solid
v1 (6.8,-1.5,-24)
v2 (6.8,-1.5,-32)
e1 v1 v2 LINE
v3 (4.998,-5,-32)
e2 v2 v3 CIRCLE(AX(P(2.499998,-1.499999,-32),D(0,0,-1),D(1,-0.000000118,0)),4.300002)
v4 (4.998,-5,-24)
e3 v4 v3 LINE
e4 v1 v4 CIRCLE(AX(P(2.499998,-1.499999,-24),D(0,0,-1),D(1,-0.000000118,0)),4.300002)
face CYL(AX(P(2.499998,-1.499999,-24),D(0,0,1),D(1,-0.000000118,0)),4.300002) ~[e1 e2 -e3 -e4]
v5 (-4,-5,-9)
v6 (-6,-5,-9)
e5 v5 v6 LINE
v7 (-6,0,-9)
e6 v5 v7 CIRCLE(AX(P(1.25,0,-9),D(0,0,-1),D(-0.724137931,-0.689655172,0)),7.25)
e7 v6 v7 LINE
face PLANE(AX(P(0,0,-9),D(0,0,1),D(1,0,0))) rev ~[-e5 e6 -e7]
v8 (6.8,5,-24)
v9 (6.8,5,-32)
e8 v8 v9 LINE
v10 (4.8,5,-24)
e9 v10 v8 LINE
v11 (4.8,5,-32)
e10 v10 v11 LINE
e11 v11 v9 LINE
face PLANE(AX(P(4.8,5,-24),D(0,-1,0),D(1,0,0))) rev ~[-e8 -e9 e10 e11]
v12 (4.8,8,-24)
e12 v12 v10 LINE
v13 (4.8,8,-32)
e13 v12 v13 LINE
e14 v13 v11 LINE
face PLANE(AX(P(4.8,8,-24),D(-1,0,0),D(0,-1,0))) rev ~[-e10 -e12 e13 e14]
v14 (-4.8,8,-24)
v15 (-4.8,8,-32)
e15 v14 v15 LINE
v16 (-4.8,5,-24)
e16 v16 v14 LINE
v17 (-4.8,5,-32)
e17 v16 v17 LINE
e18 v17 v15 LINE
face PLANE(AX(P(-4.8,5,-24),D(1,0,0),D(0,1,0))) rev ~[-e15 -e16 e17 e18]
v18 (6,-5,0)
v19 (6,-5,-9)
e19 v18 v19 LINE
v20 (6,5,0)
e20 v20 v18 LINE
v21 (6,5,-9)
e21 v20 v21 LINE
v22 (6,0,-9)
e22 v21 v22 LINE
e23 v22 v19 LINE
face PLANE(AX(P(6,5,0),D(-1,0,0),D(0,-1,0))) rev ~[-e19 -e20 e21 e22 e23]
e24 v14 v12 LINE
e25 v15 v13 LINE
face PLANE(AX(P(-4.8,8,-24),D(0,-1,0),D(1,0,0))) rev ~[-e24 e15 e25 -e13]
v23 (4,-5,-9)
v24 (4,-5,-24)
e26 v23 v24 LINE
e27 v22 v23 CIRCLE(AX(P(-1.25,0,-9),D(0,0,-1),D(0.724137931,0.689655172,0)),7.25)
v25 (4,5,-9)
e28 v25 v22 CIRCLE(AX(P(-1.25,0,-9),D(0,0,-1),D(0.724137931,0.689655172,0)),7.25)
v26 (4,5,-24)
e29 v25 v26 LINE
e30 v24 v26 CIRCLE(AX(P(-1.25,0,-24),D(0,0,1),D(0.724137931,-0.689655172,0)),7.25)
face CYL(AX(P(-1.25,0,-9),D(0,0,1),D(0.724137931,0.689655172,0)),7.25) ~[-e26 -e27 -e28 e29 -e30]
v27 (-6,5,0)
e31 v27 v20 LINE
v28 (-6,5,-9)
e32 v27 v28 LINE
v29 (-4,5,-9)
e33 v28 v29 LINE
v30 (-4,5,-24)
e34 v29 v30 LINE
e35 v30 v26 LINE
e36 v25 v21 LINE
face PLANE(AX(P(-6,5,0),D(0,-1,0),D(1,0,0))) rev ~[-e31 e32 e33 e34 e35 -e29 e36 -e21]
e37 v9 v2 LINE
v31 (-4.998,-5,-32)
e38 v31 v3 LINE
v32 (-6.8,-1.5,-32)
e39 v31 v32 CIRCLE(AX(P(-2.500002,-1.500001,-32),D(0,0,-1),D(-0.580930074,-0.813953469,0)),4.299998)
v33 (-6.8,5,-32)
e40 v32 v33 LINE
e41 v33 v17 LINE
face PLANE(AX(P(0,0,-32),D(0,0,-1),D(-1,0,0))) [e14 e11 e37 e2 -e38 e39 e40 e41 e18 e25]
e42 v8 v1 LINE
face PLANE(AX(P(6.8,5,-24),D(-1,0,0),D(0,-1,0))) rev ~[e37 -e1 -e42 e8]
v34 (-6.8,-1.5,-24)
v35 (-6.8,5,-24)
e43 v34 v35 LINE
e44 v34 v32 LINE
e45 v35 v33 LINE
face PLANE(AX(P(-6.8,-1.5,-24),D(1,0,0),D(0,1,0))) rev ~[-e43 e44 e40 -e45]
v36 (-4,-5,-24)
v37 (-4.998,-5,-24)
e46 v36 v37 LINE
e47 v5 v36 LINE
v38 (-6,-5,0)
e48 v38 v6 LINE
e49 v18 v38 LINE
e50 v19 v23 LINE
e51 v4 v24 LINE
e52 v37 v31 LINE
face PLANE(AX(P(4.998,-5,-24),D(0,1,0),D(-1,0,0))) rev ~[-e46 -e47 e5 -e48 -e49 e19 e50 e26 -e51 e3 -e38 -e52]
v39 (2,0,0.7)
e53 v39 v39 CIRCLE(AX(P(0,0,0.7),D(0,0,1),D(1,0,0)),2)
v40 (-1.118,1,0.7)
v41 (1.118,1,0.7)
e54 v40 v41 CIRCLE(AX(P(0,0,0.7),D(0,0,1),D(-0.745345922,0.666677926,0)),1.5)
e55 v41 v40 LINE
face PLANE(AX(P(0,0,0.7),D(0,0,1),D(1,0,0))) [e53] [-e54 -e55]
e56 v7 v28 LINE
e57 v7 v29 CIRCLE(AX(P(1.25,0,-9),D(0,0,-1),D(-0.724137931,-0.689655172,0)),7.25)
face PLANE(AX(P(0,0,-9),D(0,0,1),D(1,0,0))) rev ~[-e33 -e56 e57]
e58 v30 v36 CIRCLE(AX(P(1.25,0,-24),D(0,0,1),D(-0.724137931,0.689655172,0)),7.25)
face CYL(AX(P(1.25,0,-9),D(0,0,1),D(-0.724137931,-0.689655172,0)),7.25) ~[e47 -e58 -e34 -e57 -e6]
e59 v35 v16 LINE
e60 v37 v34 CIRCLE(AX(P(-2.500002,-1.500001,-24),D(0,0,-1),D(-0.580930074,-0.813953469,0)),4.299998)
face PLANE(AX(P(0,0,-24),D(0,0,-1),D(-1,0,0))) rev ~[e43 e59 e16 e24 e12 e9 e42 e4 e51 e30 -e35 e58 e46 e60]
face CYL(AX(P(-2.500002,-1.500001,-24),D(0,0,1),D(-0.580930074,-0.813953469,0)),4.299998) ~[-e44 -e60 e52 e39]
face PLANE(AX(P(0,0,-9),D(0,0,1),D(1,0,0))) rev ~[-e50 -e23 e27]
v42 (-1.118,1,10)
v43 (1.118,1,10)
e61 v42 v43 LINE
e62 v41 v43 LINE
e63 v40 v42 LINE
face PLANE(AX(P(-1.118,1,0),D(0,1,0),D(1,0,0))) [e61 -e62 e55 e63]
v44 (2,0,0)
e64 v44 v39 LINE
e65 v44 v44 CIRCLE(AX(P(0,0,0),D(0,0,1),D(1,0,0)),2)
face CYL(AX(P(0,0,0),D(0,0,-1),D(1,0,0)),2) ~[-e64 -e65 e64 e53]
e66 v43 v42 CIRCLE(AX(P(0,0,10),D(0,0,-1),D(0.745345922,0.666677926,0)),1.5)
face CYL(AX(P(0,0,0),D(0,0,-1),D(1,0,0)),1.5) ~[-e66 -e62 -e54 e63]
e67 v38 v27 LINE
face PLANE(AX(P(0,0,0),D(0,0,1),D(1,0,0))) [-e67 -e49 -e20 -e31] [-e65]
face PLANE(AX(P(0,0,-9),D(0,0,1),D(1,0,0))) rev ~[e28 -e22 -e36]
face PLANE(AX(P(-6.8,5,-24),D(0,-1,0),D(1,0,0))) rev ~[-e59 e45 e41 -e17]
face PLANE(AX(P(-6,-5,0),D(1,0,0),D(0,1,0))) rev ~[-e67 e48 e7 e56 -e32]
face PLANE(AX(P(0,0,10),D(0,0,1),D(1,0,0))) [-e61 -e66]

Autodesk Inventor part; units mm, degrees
ref_plane "YZ Plane" through (0, 0, 0) normal (1, 0, 0) x (0, 1, 0)
ref_plane "XZ Plane" through (0, 0, 0) normal (0, 1, 0) x (-1, 0, 0)
ref_plane "XY Plane" through (0, 0, 0) normal (0, 0, 1) x (1, 0, 0)
sketch "スケッチ1" plane through (0, 0, 0) normal (0, 0, 1) x (1, 0, 0)
  line L0 (-6, 5) -> (6, 5)
  line L1 (6, 5) -> (6, -5)
  line L2 (6, -5) -> (-6, -5)
  line L3 (-6, -5) -> (-6, 5)
  point P0 (0, 0)
  point P1 (0, -5)
  point P2 (6, 0)
  dimension "d0" = 12
  dimension "d1" = 10
extrude "ギヤボックス" add sketch "スケッチ1" against normal blind 9
sketch "スケッチ2" plane through (0, 0, 0) normal (0, 0, 1) x (1, 0, 0)
  circle A0 centre (0, 0) radius 1.5
  line L0 (-1.118, 1) -> (1.118, 1)
  circle A1 centre (0, 0) radius 2
  dimension "d4" = 3
  dimension "d5" = 1
  dimension "d6" = 4
extrude "軸受け" add sketch "スケッチ2" along normal blind 0.7 contours A0 L0 | L0 A0 | A1
extrude "軸" add sketch "スケッチ2" along normal blind 10 contours A0 L0 picked at (0.0594, 0.1702)
sketch "スケッチ3" plane through (0, 0, -9) normal (0, 0, -1) x (-1, 0, 0)
  line L0 (6, 5) -> (-6, 5) projected
  line L1 (-6, -5) -> (6, -5) projected
  line L2 (-4, 5) -> (4, 5)
  line L3 (4, 5) -> (4, -5)
  line L4 (4, -5) -> (-4, -5)
  line L5 (-4, -5) -> (-4, 5)
  arc A0 (-4, 5) -> (-4, -5) centre (1.25, 0) ccw
  arc A1 (4, -5) -> (4, 5) centre (-1.25, 0) ccw
  line L6 (-6, 5) -> (-6, -5) projected
  line L7 (6, -5) -> (6, 5) projected
  line L8 (0, 7.0621) -> (0, -7.0621) construction
  line L9 (-6, 7.0625) -> (-6, -7.0625) construction
  line L10 (6, -7.0752) -> (6, 7.0489) construction
  point P0 (0, 0)
  point P1 (0, 5)
  point P2 (0, 0)
  point P3 (4, 5)
  point P4 (-4, -5)
  dimension "d11" = 8
  dimension "d15" = 12
extrude "モーター" add sketch "スケッチ3" along normal blind 15 contours L3 L1 L5 L0 | A1 L3 | L5 A0
sketch "スケッチ4" plane through (0, 0, -24) normal (0, 0, -1) x (-1, 0, 0)
  line L0 (-6.8, -5) -> (6.8, -5)
  line L1 (6.8, -5) -> (6.8, 5)
  line L2 (6.8, 5) -> (-6.8, 5)
  line L3 (-6.8, 5) -> (-6.8, -5)
  arc A0 (-6.8, -1.5) -> (-4.998, -5) centre (-2.5, -1.5) ccw
  arc A1 (4.998, -5) -> (6.8, -1.5) centre (2.5, -1.5) ccw
  line L4 (-4, -5) -> (4, -5) projected
  line L5 (0, 7.2835) -> (0, -7.2835) construction
  line L6 (-4.8, 5) -> (4.8, 5)
  line L7 (4.8, 5) -> (4.8, 8)
  line L8 (4.8, 8) -> (-4.8, 8)
  line L9 (-4.8, 8) -> (-4.8, 5)
  line L10 (4, 5) -> (-4, 5) projected
  point P0 (0, 0)
  point P1 (0, -5)
  point P2 (0, 0)
  point P3 (0, 8)
  dimension "d16" = 13.6
  dimension "d17" = 9.6
  dimension "d18" = 13
  dimension "d19" = 3.5
  dimension "d20" = 2.5
extrude "エンコーダ" add sketch "スケッチ4" along normal blind 8 contours A0 L3 L2 L1 A1 L0 | L9 L8 L7 L2
properties part number "MercuryN20"
